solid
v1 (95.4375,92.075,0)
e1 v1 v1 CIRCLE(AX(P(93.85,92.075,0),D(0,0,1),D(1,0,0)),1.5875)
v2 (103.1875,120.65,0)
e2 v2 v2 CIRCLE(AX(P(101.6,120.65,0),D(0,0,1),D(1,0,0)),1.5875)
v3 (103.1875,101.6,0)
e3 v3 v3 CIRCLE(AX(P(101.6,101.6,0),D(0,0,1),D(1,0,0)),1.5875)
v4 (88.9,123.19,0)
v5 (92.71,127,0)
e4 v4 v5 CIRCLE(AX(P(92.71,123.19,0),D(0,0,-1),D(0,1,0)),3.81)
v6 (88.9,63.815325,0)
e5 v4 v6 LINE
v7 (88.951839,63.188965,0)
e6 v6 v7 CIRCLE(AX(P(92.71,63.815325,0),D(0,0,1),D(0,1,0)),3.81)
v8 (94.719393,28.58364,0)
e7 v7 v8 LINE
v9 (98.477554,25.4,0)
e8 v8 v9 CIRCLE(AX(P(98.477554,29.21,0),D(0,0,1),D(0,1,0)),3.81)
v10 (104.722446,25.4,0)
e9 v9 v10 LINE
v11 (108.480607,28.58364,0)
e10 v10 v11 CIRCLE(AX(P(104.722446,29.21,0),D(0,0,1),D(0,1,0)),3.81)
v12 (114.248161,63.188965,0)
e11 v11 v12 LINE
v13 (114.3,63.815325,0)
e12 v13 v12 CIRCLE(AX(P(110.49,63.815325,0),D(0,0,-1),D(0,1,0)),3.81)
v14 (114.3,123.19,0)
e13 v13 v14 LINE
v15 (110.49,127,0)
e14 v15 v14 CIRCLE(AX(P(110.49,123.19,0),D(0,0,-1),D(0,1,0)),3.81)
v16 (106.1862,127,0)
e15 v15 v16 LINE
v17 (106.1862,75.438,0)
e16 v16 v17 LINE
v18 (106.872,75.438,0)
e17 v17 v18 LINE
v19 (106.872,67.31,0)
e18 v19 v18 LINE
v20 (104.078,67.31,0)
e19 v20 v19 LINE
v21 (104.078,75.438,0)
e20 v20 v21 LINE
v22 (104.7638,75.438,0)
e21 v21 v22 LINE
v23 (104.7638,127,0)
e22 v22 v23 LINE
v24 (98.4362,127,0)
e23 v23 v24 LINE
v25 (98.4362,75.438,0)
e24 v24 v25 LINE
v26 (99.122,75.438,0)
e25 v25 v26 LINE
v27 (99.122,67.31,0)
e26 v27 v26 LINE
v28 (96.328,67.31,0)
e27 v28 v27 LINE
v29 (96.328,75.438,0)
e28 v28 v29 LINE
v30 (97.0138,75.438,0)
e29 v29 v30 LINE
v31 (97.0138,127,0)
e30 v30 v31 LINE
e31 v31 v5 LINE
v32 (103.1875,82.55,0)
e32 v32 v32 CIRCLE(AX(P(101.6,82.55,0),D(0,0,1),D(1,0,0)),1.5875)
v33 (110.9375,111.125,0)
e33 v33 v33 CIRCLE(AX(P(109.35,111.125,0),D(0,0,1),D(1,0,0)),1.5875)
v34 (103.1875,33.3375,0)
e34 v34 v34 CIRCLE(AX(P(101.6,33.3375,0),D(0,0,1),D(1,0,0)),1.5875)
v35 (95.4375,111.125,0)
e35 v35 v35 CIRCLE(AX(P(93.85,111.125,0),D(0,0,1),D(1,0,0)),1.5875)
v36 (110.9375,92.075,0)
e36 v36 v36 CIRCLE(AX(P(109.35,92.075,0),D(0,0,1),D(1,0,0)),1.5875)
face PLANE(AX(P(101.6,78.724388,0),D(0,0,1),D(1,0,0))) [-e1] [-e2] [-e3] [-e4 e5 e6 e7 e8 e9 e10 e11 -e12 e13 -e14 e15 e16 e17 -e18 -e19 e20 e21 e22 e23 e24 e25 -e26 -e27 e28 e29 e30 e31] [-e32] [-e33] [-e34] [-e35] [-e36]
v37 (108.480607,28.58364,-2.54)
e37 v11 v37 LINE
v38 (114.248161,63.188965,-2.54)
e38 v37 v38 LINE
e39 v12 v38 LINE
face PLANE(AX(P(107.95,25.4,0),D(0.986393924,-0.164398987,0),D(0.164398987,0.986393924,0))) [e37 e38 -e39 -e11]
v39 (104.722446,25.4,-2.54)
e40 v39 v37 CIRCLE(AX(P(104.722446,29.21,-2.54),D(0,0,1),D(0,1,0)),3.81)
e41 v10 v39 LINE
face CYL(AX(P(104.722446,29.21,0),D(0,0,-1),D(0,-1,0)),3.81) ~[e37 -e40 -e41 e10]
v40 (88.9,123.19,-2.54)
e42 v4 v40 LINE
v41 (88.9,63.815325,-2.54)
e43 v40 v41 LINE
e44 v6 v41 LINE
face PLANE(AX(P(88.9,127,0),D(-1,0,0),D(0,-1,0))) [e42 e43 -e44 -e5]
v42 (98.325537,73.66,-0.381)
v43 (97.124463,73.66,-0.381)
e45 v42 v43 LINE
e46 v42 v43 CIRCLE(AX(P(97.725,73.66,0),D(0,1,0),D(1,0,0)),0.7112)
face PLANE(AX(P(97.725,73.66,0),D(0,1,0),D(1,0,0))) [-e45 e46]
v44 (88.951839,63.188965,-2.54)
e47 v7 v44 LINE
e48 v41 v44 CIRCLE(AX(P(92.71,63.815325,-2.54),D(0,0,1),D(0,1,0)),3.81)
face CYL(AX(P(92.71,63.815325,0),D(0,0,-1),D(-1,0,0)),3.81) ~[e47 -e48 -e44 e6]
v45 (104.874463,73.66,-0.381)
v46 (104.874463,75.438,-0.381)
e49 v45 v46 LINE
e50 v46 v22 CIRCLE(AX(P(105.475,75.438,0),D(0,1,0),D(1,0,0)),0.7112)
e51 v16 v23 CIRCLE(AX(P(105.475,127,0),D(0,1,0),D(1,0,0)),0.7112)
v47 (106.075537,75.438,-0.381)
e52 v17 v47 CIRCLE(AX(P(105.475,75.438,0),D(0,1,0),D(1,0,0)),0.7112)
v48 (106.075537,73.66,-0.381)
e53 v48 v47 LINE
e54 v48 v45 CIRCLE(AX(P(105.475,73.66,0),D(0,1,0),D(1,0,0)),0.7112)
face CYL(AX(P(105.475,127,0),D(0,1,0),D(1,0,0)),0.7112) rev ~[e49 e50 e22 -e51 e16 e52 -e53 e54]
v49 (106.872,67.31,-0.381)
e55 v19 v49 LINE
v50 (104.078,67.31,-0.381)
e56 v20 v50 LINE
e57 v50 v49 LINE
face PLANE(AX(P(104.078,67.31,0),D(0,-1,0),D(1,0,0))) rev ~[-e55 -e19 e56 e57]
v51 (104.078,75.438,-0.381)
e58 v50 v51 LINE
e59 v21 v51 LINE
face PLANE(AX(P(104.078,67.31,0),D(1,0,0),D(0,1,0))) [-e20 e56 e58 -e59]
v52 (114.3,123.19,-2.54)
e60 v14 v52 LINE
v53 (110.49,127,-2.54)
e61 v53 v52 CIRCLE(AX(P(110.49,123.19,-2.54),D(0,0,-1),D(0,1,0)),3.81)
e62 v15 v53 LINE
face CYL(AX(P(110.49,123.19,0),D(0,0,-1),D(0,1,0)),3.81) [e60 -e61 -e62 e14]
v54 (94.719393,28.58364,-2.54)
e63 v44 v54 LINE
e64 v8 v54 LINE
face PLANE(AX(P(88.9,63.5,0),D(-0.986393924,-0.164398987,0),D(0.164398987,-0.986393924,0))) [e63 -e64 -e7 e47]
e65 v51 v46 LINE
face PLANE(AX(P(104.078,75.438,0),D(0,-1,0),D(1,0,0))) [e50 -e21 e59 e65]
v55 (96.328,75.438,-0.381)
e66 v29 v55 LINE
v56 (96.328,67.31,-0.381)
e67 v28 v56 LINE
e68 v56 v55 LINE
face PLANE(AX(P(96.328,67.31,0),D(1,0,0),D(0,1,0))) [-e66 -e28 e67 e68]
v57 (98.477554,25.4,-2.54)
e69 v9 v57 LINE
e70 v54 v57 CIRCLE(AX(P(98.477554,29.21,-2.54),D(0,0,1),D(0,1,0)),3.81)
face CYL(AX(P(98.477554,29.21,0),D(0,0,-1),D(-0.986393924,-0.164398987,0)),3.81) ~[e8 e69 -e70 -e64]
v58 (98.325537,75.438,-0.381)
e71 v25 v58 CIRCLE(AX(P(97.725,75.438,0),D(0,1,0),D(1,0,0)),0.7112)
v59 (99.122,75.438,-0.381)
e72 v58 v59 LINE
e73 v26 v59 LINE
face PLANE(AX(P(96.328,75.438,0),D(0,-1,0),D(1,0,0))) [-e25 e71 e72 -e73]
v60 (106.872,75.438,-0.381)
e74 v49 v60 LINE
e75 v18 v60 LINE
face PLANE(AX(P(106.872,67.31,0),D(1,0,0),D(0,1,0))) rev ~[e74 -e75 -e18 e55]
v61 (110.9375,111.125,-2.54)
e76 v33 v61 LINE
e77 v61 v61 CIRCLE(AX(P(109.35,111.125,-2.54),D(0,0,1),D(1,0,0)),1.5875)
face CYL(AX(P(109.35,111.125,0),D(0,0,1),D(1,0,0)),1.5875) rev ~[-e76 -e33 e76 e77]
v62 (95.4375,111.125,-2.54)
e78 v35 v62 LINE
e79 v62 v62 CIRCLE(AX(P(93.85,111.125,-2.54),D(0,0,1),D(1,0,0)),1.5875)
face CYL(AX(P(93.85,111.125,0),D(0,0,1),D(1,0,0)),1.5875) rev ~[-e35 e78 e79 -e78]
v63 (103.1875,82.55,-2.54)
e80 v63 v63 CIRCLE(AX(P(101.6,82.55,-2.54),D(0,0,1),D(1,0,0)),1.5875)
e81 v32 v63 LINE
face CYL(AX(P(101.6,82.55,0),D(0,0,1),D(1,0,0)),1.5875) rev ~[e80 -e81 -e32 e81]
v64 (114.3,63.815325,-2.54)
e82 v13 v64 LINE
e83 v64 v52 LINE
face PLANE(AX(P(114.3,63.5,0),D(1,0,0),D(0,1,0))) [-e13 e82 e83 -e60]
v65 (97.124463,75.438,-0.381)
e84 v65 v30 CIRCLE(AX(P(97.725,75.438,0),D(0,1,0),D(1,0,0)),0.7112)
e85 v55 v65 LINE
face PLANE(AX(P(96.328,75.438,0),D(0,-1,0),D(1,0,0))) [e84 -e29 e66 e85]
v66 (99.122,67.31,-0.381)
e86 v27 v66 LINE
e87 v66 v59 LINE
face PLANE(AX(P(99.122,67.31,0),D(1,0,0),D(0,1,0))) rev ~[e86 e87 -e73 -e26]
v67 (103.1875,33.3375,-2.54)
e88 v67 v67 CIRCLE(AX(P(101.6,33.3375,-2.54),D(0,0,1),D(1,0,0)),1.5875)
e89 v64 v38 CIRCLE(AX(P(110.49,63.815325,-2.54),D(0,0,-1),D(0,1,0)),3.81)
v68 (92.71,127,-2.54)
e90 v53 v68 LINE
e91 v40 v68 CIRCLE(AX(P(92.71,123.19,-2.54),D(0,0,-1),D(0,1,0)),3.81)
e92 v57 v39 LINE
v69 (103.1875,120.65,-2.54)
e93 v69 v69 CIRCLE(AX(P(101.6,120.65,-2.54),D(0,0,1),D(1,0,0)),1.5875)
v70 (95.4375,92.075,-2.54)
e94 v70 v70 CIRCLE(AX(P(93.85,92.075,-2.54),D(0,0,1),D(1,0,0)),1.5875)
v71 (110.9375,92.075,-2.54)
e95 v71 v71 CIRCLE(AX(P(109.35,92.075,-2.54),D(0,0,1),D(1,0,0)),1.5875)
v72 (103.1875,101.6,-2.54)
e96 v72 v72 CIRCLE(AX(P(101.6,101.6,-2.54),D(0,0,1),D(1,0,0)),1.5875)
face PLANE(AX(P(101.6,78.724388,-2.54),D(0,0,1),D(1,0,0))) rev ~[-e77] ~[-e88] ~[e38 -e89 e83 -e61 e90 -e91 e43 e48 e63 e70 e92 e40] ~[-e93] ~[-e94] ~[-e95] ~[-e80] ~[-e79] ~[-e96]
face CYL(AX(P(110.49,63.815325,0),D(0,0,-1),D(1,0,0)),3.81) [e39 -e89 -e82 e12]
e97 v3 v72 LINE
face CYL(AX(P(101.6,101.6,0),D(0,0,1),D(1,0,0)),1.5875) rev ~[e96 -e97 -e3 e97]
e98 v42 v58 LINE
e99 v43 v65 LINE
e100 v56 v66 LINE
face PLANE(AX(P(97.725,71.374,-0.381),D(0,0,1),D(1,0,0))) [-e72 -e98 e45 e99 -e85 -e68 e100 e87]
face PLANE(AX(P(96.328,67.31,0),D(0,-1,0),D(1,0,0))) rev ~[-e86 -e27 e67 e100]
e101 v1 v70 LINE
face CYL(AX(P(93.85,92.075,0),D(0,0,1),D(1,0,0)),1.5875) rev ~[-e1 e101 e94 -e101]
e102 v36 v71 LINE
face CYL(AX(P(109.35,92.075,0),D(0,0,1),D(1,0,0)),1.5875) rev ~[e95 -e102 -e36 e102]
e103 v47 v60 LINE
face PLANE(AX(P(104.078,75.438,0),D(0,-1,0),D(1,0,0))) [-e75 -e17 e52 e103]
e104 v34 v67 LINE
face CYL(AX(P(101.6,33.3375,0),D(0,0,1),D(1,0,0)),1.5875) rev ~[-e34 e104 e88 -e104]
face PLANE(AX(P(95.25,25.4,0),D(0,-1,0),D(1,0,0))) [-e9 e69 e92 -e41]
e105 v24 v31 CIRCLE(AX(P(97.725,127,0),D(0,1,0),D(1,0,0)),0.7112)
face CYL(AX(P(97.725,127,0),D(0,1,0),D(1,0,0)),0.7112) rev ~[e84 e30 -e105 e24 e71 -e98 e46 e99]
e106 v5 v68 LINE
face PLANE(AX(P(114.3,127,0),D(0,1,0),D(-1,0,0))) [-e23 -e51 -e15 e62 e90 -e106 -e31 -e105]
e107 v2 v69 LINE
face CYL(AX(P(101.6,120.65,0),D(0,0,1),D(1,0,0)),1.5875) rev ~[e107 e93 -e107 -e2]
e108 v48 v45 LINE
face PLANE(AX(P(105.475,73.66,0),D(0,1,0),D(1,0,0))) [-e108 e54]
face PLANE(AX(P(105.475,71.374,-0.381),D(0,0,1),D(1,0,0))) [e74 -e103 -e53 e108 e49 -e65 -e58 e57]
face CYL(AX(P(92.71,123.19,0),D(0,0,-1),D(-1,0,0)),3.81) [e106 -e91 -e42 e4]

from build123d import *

# Parameters (mm, degrees)
EXTRUDE1_DEPTH     = 2.54
SKETCH2_R          = 1.5875
CUT_EXTRUDE1_DEPTH = 2.54
SKETCH3_W          = 2.794
SKETCH3_H          = 8.128
CUT_EXTRUDE2_DEPTH = 0.381
SKETCH4_R          = 0.7112
CUT_EXTRUDE3_DEPTH = 53.34
FILLET1_R          = 3.81
SKETCH5_R          = 1.5875
CUT_EXTRUDE4_DEPTH = 2.54


with BuildPart() as part:
    # Sketch1 → Extrude1 (new body)
    with BuildSketch(Plane.XY):
        Polygon((88.9, 127), (88.9, 63.5), (95.25, 25.4), (107.95, 25.4), (114.3, 63.5), (114.3, 127), align=None)
    extrude(amount=-EXTRUDE1_DEPTH)

    # Sketch2 → Cut-Extrude1 (cut)
    with BuildSketch(Plane.XY):
        with Locations((93.850000001, 111.125)):
            Circle(SKETCH2_R)
        with Locations((101.6, 120.65)):
            Circle(SKETCH2_R)
        with Locations((109.349999999, 111.125)):
            Circle(SKETCH2_R)
        with Locations((101.6, 101.6)):
            Circle(SKETCH2_R)
        with Locations((93.850000001, 92.075)):
            Circle(SKETCH2_R)
        with Locations((109.349999999, 92.075)):
            Circle(SKETCH2_R)
        with Locations((101.6, 82.55)):
            Circle(SKETCH2_R)
    extrude(amount=-CUT_EXTRUDE1_DEPTH, mode=Mode.SUBTRACT)

    # Sketch3 → Cut-Extrude2 (cut)
    with BuildSketch(Plane.XY):
        with Locations((97.725, 71.374)):
            Rectangle(SKETCH3_W, SKETCH3_H)
        with Locations((105.475, 71.374)):
            Rectangle(SKETCH3_W, SKETCH3_H)
    extrude(amount=-CUT_EXTRUDE2_DEPTH, mode=Mode.SUBTRACT)

    # Sketch4 → Cut-Extrude3 (cut)
    with BuildSketch(Plane(origin=(0, 127, 0), x_dir=(1, 0, 0), z_dir=(0, 1, 0))):
        with Locations((97.725, 0)):
            Circle(SKETCH4_R)
        with Locations((105.475, 0)):
            Circle(SKETCH4_R)
    extrude(amount=-CUT_EXTRUDE3_DEPTH, mode=Mode.SUBTRACT)

    # Fillet1
    fillet1_edges = [part.edges().sort_by_distance(p)[0] for p in [
        (95.25, 25.4, -1.27),
        (88.9, 63.5, -1.27),
        (88.9, 127, -1.27),
        (114.3, 127, -1.27),
        (114.3, 63.5, -1.27),
        (107.95, 25.4, -1.27),
    ]]
    fillet(fillet1_edges, radius=FILLET1_R)

    # Sketch5 → Cut-Extrude4 (cut)
    with BuildSketch(Plane.XY):
        with Locations((101.6, 33.3375)):
            Circle(SKETCH5_R)
    extrude(amount=-CUT_EXTRUDE4_DEPTH, mode=Mode.SUBTRACT)


solid = part.part
